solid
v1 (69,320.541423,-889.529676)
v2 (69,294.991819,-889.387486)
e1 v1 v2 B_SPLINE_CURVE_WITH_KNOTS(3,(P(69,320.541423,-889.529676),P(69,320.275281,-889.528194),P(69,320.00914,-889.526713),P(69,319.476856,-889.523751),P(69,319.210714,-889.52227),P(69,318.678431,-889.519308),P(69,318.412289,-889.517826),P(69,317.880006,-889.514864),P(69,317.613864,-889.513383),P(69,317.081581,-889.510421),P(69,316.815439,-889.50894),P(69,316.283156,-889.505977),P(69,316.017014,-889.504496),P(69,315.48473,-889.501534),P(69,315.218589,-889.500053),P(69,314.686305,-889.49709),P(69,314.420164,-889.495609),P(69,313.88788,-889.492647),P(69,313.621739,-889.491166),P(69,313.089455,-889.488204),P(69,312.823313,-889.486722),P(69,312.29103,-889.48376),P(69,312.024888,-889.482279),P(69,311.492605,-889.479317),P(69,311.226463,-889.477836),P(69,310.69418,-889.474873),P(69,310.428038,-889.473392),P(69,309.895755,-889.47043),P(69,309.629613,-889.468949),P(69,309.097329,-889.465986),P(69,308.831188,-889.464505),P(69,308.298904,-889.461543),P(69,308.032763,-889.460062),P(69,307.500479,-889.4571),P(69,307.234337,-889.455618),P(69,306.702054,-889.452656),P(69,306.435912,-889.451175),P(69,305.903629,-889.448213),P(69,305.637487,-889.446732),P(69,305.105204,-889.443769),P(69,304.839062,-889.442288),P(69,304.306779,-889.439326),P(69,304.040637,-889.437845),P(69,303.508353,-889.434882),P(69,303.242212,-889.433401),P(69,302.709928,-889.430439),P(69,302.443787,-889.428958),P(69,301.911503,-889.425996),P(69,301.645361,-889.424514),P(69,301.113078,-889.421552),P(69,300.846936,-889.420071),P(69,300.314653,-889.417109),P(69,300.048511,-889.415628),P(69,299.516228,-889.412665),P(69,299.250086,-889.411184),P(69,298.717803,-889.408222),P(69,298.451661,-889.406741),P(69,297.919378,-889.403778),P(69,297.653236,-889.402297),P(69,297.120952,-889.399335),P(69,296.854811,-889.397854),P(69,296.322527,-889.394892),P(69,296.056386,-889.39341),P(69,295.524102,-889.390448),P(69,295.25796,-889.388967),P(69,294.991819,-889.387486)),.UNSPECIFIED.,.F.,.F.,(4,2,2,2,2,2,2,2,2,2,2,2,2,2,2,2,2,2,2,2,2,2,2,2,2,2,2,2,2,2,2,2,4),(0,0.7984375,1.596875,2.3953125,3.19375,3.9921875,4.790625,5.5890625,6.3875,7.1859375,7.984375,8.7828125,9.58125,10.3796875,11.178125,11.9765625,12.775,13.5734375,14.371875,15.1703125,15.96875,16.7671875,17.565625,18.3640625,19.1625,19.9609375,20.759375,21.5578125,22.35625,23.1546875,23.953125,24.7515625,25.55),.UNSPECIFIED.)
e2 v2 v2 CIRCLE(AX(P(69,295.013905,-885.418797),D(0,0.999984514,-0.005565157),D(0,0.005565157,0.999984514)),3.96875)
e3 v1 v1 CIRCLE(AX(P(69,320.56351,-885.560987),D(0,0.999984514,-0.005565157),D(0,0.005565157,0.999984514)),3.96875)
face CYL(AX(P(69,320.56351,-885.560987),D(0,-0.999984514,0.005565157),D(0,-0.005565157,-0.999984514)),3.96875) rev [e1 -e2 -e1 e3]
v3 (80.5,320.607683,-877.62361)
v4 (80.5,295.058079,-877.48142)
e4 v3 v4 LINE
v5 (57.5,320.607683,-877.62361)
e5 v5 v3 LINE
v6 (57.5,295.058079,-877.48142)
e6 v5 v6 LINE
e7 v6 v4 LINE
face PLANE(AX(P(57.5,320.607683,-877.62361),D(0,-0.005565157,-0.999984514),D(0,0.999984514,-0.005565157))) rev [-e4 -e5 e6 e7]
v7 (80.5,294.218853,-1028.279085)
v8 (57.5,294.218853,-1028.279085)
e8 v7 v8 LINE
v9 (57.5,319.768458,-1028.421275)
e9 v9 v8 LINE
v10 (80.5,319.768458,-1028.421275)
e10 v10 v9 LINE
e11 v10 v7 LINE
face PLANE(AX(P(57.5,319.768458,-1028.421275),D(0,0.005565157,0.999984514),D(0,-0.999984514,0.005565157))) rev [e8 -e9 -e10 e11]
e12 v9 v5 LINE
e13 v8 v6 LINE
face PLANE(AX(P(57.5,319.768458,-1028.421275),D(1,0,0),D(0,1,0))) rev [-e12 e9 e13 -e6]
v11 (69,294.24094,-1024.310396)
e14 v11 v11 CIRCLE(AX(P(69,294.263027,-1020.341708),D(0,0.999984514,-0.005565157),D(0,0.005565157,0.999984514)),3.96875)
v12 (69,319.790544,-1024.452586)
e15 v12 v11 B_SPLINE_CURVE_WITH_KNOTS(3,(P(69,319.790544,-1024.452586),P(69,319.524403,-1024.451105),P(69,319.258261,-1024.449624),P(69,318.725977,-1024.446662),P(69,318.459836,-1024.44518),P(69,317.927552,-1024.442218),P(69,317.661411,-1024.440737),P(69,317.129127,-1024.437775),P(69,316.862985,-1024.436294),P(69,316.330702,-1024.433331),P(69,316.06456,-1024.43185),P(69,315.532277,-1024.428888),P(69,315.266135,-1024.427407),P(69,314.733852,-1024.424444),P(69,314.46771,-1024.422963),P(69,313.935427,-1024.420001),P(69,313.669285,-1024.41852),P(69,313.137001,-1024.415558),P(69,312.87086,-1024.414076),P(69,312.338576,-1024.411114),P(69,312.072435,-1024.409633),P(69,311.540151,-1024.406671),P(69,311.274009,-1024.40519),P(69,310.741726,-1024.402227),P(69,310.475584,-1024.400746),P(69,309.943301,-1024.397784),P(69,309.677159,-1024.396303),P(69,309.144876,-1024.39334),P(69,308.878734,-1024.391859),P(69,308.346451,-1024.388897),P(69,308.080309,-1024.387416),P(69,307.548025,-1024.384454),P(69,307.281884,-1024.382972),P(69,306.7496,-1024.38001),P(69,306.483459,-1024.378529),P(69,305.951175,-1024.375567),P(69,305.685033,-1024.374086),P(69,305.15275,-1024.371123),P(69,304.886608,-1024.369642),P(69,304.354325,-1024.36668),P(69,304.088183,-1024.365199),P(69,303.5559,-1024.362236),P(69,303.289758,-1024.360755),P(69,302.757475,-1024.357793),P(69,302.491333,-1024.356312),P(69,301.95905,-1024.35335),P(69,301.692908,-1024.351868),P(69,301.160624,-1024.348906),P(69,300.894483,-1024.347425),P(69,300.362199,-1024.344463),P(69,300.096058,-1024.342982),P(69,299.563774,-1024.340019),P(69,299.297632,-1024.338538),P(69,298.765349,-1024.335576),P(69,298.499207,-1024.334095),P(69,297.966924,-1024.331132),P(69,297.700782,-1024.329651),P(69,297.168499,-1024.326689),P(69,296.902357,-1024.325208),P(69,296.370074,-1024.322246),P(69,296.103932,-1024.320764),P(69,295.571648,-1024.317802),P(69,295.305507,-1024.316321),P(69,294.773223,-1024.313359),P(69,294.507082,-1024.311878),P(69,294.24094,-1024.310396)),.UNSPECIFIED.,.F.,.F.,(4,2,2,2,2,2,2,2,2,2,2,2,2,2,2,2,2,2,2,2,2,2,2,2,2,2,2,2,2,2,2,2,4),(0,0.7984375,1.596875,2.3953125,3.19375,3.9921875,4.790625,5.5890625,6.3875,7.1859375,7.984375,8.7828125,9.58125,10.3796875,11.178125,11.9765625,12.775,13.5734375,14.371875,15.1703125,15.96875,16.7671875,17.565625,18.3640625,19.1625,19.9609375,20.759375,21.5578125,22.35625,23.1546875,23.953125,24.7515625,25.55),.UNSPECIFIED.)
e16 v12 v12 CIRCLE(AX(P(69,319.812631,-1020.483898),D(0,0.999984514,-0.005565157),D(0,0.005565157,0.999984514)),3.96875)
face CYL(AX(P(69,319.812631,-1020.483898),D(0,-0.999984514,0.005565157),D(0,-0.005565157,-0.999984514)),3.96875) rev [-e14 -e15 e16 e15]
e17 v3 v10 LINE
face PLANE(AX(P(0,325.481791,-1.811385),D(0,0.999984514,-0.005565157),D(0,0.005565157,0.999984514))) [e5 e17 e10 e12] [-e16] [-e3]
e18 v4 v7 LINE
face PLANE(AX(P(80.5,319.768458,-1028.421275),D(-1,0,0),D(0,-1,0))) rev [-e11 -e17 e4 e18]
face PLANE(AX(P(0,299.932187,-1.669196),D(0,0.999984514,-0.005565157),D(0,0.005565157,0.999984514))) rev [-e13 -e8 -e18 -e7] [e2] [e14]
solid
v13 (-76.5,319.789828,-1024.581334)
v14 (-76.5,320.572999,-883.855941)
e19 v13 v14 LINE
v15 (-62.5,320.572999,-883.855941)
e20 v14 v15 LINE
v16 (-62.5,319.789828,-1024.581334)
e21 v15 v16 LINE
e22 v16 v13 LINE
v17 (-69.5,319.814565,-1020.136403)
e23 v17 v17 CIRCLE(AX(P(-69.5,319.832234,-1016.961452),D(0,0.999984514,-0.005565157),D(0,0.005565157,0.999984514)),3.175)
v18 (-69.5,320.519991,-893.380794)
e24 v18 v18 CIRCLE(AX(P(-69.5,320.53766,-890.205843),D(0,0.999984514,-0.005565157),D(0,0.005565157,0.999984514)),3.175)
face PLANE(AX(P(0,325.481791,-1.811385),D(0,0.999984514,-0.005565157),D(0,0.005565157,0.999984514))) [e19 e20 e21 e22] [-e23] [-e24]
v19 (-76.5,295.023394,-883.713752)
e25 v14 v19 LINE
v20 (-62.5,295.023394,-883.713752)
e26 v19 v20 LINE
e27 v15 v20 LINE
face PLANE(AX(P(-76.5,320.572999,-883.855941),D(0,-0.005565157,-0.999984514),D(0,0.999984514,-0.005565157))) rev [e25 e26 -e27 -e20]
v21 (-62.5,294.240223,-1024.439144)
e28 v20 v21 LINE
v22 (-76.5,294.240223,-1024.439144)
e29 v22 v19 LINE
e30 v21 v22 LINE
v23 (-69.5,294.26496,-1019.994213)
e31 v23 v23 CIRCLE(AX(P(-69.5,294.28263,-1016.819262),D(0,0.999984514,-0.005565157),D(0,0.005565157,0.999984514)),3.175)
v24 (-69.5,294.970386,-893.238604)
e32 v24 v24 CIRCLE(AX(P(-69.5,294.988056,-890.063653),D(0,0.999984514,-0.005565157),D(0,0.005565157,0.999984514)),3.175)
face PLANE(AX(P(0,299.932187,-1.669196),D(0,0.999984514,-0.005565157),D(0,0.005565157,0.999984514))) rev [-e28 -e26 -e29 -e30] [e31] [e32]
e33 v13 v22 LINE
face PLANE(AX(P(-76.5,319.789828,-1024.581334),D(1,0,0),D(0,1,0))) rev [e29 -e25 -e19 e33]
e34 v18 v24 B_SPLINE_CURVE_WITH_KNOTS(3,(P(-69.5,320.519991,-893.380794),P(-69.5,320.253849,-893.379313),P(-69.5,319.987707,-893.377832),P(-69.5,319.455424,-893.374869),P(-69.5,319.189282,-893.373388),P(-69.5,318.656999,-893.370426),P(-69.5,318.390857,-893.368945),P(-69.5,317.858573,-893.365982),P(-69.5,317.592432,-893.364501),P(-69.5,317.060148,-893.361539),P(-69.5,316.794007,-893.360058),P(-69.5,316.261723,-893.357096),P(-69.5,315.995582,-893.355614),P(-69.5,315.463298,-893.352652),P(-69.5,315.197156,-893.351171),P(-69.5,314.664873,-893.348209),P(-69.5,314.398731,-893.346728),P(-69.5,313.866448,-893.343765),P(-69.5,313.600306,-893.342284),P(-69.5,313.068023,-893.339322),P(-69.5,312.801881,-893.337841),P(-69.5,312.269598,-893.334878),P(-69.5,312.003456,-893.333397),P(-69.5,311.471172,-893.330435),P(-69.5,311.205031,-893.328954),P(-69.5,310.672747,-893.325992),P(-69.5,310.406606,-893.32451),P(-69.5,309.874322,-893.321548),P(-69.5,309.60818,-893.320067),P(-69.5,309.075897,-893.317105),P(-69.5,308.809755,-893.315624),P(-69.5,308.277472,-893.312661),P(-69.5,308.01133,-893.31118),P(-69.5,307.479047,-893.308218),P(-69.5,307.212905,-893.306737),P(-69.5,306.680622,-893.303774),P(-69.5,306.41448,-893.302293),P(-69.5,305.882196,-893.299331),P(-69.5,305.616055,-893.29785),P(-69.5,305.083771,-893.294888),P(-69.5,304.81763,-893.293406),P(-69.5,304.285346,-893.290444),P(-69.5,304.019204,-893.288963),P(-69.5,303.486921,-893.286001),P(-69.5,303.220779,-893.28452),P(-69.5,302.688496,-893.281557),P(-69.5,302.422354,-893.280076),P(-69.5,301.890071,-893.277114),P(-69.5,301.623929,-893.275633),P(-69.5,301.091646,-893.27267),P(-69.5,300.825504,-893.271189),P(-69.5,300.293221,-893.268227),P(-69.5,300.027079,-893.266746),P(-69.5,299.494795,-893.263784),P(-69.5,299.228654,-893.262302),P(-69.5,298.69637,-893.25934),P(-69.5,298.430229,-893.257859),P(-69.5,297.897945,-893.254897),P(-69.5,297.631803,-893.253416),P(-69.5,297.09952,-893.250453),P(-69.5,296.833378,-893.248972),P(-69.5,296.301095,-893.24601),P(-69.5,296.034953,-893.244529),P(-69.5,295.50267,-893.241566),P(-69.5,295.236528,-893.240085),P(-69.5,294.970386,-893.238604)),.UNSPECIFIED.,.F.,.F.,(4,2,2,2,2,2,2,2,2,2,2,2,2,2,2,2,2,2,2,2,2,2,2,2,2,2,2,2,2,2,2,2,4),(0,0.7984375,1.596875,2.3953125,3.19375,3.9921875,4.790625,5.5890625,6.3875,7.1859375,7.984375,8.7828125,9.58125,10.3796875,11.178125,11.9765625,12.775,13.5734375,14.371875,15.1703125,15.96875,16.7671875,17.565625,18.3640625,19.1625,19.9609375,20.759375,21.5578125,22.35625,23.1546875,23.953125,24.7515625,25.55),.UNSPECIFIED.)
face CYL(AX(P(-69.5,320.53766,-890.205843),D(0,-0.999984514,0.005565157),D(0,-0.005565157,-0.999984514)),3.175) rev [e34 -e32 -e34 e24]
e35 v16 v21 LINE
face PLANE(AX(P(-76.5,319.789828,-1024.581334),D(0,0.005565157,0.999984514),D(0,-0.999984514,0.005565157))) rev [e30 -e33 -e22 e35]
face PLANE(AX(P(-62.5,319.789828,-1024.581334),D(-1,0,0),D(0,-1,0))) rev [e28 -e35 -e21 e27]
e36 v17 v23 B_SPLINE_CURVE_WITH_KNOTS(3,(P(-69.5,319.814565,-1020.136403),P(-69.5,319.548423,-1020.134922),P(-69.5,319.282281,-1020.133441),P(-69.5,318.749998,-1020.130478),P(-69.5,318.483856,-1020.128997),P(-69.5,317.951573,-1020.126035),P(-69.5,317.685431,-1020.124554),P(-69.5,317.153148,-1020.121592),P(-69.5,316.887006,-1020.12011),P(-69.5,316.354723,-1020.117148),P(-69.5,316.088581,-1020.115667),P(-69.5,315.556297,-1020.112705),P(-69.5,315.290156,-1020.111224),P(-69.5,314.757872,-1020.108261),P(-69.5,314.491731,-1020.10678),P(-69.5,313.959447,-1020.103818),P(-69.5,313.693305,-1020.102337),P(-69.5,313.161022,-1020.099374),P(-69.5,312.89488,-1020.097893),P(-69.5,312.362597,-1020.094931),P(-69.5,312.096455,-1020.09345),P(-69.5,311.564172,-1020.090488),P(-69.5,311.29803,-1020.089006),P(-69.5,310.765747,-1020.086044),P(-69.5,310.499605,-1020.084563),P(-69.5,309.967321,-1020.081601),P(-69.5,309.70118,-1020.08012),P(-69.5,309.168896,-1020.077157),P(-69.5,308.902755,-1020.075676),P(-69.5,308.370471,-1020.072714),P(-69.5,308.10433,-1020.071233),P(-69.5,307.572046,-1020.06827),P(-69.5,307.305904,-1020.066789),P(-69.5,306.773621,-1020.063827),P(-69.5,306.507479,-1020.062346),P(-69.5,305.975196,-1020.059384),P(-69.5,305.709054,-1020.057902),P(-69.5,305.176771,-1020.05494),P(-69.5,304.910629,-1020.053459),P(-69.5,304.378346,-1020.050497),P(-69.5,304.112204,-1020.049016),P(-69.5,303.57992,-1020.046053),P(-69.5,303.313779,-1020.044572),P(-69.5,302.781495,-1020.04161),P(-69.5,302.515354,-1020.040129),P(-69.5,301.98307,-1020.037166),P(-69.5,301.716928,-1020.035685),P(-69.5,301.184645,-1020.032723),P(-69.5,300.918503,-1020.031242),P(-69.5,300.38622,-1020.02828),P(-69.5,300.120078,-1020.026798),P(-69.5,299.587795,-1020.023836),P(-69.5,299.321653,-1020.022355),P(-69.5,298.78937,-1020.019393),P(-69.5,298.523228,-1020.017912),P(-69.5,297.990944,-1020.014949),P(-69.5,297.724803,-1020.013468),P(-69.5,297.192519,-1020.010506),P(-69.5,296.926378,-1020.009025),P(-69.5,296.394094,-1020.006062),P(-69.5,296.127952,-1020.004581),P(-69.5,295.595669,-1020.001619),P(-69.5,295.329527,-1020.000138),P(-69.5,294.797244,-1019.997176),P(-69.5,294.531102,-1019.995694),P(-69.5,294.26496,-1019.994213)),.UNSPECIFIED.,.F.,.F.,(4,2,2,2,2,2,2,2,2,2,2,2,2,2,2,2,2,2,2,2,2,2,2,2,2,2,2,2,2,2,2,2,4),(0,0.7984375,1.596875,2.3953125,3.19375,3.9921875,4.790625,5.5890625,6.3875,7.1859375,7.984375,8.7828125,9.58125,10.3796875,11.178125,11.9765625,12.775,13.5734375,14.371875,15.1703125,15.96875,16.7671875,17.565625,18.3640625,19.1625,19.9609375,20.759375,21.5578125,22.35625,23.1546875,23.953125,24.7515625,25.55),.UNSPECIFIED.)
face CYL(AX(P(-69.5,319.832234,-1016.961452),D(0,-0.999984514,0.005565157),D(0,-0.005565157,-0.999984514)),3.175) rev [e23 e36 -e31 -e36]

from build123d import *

# Parameters (mm, degrees)
SKETCH1_W             = 23
SKETCH1_H             = 150.8
SKETCH1_R             = 3.96875
BOSS_EXTRUDE1_DEPTH   = 25.55
SKETCH1_W_2           = 14
SKETCH1_H_2           = 140.727572026
SKETCH1_R_2           = 3.175
BOSS_EXTRUDE1_2_DEPTH = 25.55


with BuildPart() as part:
    # Sketch1 → Boss-Extrude1 (new body)
    with BuildSketch(Plane(origin=(0, 299.932186835, -1.669195554), x_dir=(1, 0, 0), z_dir=(0, 0.9999845143939402, -0.005565156989320752))):
        with Locations((69, 951.225787333)):
            Rectangle(SKETCH1_W, SKETCH1_H)
        with Locations(Location((69, 883.763287333, 0), (0, 0, 90))):
            Circle(SKETCH1_R, mode=Mode.SUBTRACT)
        with Locations(Location((69, 1018.688287333, 0), (0, 0, 90))):
            Circle(SKETCH1_R, mode=Mode.SUBTRACT)
    extrude(amount=BOSS_EXTRUDE1_DEPTH)


with BuildPart() as body_2:
    # Sketch1 → Boss-Extrude1 2 (new body)
    with BuildSketch(Plane(origin=(0, 299.932186835, -1.669195554), x_dir=(1, 0, 0), z_dir=(0, 0.9999845143939402, -0.005565156989320752))):
        with Locations((-69.5, 952.42200132)):
            Rectangle(SKETCH1_W_2, SKETCH1_H_2)
        with Locations(Location((-69.5, 1015.165787333, 0), (0, 0, 90))):
            Circle(SKETCH1_R_2, mode=Mode.SUBTRACT)
        with Locations(Location((-69.5, 888.408215307, 0), (0, 0, 90))):
            Circle(SKETCH1_R_2, mode=Mode.SUBTRACT)
    extrude(amount=BOSS_EXTRUDE1_2_DEPTH)


solid = Compound([part.part, body_2.part])
